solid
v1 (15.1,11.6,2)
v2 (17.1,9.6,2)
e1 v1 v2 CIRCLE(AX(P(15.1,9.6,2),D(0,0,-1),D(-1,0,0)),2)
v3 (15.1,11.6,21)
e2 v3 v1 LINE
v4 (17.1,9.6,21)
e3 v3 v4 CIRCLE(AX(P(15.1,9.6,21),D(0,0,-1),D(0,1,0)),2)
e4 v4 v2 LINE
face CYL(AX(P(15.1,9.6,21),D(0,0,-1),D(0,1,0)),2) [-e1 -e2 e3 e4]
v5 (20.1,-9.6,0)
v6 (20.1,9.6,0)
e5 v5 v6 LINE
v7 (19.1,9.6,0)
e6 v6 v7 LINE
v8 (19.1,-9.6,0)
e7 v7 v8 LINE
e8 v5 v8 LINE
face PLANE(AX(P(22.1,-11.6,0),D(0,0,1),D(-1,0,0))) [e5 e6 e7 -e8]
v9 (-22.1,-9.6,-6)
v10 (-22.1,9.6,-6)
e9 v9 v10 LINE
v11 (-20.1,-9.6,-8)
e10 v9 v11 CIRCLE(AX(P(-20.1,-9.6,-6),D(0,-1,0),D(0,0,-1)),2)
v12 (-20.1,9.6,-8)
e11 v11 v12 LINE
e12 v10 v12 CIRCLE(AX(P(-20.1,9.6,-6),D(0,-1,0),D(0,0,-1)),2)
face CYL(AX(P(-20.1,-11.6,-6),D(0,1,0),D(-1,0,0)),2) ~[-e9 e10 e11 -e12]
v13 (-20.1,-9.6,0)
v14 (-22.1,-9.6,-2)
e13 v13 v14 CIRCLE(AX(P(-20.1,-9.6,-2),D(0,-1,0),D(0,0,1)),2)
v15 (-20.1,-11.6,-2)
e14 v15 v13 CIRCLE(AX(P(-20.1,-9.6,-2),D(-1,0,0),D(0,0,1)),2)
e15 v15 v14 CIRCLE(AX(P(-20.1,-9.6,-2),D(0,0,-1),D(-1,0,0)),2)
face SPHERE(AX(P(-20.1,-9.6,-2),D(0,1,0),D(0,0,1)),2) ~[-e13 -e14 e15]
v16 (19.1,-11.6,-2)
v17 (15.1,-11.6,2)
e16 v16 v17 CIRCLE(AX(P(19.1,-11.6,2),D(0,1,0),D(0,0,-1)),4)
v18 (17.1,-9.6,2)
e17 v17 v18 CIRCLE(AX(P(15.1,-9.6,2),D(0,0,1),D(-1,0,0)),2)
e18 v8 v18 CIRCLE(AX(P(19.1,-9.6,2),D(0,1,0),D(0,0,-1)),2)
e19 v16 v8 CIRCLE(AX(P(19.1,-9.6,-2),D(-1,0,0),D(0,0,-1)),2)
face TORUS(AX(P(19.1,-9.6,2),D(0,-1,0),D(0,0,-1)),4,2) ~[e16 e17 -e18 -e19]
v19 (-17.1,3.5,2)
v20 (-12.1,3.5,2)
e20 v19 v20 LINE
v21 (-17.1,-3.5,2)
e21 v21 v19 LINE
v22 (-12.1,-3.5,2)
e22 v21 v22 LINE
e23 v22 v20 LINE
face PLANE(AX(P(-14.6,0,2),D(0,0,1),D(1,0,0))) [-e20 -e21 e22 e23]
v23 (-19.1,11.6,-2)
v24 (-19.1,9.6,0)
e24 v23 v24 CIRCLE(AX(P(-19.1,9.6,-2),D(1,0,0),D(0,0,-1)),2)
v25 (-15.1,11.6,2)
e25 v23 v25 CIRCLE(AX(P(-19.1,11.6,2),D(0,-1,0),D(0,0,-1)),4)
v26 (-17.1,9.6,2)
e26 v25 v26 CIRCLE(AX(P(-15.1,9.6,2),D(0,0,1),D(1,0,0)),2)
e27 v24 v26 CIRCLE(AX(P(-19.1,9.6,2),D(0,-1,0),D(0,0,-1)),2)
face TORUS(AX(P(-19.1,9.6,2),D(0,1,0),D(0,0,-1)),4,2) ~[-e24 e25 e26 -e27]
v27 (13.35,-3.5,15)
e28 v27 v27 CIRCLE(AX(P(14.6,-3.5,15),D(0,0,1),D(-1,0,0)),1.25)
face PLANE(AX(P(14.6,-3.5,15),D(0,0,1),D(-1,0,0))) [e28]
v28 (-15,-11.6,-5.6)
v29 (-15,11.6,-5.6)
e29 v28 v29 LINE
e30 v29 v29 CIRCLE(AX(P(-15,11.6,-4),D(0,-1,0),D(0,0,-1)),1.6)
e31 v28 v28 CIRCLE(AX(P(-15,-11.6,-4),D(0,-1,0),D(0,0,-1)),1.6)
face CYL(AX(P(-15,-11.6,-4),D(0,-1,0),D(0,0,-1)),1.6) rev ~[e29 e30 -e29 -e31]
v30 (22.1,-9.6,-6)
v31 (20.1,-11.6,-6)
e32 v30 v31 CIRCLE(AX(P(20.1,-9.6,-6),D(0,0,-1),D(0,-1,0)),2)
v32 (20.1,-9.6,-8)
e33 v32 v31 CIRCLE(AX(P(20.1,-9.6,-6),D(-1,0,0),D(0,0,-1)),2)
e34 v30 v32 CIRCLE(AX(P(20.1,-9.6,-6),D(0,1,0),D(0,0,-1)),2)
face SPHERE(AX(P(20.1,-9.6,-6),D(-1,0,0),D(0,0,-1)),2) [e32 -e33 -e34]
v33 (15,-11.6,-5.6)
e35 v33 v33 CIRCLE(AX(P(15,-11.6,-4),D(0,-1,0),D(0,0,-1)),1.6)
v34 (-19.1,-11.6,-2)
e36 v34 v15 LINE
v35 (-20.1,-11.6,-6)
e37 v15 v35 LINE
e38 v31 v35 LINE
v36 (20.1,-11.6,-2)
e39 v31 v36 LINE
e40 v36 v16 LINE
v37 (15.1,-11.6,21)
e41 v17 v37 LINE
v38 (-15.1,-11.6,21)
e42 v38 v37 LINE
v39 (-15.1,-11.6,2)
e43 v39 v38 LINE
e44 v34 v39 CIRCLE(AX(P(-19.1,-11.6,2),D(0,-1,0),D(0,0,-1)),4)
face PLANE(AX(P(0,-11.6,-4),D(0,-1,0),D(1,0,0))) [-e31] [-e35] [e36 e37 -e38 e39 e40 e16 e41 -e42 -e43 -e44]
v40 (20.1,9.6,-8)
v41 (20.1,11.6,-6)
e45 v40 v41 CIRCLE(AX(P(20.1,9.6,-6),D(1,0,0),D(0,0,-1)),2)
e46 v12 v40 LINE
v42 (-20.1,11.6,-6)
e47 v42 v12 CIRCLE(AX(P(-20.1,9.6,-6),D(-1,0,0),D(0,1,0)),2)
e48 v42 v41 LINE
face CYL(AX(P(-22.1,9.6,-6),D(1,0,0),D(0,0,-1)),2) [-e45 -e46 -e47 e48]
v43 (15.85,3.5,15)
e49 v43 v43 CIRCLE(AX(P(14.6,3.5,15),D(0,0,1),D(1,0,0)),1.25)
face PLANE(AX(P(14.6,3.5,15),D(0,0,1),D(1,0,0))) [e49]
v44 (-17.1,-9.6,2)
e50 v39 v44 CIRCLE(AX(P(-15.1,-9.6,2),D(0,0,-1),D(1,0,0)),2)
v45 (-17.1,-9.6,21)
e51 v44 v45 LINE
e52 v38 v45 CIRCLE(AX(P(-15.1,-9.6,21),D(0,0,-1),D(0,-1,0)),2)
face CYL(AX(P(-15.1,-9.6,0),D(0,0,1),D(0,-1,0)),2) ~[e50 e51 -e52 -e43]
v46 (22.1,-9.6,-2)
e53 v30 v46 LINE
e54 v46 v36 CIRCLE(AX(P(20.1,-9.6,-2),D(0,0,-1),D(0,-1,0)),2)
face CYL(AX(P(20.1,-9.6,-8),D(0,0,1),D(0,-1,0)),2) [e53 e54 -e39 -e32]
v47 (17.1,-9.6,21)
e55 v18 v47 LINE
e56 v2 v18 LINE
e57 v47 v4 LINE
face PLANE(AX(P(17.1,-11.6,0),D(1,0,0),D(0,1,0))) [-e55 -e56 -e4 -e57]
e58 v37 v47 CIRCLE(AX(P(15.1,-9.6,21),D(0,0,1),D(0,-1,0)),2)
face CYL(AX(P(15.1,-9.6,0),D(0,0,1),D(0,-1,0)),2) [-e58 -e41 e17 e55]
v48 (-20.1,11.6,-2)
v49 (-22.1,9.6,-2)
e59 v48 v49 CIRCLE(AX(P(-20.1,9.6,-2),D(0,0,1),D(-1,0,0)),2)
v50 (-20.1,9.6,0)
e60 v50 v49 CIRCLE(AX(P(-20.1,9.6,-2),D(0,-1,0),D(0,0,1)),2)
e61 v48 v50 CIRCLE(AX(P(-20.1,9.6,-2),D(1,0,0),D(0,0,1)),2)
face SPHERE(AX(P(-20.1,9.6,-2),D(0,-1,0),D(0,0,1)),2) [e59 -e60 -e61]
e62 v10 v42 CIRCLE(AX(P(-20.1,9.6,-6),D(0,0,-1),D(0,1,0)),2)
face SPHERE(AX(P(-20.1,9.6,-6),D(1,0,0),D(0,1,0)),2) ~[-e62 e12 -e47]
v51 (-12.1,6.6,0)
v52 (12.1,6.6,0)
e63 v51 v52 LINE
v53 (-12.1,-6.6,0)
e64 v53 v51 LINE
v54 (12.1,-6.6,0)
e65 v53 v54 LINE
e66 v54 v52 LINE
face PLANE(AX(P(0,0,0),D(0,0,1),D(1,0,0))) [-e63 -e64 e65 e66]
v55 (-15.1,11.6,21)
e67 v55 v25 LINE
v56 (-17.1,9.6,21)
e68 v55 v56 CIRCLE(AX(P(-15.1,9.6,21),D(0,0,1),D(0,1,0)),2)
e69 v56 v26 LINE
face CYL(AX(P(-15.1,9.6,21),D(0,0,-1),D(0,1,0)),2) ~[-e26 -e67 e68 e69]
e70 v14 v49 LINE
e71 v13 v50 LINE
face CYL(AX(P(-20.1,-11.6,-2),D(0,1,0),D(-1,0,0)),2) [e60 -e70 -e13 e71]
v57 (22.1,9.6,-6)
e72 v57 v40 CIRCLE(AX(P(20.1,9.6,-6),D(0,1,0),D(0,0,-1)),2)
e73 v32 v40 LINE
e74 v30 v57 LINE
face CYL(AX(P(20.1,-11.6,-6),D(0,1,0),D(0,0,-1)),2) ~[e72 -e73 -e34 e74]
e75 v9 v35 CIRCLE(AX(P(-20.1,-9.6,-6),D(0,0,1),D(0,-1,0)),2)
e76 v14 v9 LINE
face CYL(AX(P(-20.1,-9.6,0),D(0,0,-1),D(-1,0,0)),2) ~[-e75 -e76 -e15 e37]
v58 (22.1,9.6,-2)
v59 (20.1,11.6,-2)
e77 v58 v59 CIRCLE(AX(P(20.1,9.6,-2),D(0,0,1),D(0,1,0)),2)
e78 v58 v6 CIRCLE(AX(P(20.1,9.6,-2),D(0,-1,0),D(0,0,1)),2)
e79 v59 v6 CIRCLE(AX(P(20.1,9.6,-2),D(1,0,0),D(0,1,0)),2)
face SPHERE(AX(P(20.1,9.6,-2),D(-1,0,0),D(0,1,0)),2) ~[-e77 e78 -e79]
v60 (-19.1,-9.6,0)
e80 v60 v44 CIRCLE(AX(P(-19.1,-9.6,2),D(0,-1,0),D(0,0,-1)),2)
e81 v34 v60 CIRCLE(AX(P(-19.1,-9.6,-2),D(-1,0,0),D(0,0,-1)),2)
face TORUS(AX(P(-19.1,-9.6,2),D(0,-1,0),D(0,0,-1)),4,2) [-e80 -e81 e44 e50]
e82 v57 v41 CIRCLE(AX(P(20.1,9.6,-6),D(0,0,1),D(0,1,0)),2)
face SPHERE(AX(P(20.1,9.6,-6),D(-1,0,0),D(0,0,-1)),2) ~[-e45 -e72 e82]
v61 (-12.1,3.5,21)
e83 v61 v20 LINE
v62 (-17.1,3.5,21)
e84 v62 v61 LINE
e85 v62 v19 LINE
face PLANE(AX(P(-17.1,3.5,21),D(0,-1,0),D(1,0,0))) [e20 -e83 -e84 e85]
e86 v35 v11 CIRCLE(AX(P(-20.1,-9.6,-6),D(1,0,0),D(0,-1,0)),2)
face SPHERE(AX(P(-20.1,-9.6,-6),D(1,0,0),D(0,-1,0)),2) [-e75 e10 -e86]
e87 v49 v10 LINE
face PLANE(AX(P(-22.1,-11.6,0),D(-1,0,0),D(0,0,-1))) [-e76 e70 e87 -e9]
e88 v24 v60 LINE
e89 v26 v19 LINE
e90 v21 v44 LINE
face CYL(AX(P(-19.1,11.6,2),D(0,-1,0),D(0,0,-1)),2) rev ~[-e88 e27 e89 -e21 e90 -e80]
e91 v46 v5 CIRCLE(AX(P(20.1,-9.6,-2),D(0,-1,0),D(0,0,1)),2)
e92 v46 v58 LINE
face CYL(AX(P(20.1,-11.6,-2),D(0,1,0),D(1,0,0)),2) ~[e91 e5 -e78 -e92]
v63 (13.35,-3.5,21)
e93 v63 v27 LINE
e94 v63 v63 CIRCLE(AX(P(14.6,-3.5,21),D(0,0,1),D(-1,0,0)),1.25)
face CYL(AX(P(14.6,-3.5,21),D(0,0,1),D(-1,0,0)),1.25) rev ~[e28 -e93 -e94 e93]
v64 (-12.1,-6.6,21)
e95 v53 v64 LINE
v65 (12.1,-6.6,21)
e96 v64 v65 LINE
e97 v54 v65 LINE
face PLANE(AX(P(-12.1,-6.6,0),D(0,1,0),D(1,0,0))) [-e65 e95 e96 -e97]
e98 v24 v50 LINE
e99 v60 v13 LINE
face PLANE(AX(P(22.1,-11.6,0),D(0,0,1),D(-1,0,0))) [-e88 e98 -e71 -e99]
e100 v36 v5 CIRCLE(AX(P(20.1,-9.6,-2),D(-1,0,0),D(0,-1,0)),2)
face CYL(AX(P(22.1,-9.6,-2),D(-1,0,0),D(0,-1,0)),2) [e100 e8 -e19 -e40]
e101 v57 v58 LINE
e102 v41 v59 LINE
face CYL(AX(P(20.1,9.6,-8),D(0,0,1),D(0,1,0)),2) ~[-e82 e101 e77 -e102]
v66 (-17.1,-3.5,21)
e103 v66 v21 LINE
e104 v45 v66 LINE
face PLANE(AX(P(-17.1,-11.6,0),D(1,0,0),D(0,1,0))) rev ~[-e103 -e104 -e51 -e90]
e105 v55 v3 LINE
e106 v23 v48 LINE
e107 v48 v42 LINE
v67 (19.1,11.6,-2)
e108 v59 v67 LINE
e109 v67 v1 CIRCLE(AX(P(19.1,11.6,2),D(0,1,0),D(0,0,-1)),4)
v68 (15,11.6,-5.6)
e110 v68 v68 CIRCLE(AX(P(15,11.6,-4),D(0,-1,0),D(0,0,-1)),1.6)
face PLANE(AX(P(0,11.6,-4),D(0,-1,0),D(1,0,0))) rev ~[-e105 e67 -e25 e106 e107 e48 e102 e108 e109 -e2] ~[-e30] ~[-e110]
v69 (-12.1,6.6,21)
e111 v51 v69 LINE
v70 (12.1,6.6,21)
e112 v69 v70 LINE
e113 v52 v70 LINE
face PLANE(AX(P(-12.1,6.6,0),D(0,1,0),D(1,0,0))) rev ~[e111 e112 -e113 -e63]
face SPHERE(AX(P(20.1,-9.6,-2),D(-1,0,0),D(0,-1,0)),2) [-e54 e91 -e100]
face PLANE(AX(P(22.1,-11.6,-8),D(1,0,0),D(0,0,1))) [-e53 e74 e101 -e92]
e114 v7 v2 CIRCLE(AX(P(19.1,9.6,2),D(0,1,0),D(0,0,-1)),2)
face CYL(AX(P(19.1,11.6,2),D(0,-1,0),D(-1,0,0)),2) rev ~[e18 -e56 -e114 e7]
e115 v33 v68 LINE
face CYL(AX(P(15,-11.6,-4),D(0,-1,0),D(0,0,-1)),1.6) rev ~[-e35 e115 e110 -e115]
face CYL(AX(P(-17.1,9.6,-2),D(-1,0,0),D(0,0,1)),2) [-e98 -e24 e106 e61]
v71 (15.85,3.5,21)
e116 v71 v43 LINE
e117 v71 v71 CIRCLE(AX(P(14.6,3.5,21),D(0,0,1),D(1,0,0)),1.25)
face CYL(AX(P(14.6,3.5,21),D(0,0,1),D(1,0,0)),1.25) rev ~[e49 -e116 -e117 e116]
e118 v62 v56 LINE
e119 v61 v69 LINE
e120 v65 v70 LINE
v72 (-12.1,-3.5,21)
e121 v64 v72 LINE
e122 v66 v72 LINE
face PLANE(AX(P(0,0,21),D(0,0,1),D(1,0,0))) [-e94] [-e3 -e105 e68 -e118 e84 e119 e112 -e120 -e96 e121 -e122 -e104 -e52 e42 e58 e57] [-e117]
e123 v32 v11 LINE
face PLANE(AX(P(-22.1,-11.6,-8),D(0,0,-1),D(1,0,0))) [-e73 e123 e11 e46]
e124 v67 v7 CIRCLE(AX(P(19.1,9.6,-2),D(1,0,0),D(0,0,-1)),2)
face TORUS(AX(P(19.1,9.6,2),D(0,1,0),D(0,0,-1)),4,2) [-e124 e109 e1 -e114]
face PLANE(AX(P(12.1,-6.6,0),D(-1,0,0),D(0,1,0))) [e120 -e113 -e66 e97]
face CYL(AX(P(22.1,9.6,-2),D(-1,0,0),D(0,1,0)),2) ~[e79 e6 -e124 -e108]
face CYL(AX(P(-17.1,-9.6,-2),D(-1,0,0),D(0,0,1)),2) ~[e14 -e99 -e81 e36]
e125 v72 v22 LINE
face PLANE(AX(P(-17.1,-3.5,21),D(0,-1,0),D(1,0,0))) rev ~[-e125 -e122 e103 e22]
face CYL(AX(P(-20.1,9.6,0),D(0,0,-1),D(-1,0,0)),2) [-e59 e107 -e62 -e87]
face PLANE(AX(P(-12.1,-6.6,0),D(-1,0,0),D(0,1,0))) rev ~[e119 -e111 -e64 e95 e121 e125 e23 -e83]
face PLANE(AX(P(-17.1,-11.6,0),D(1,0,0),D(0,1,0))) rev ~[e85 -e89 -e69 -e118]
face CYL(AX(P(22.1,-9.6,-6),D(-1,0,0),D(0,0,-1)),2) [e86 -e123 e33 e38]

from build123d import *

# Parameters (mm, degrees)
SKETCH2_W           = 34.2
SKETCH2_H           = 23.2
SKETCH2_W_2         = 24.2
SKETCH2_H_2         = 13.2
BOSS_EXTRUDE1_DEPTH = 21
SKETCH2_2_W         = 34.2
SKETCH2_2_H         = 23.2
SKETCH2_2_W_2       = 24.2
SKETCH2_2_H_2       = 13.2
BOSS_EXTRUDE2_DEPTH = 8
BOSS_EXTRUDE3_DEPTH = 23.2
SKETCH3_R           = 1.6
CUT_EXTRUDE1_DEPTH  = 39.309920386
FILLET1_R           = 2
SKETCH5_W           = 5
SKETCH5_H           = 7
CUT_EXTRUDE2_DEPTH  = 19
SKETCH6_R           = 1.25
CUT_EXTRUDE3_DEPTH  = 6


with BuildPart() as part:
    # Sketch2 → Boss-Extrude1 (new body)
    with BuildSketch(Plane.XY):
        Rectangle(SKETCH2_W, SKETCH2_H)
        Rectangle(SKETCH2_W_2, SKETCH2_H_2, mode=Mode.SUBTRACT)
    extrude(amount=BOSS_EXTRUDE1_DEPTH)

    # Sketch2<2> → Boss-Extrude2 (add)
    # profile 1 of 2: a face of its own
    with BuildSketch(Plane.XY):
        Rectangle(SKETCH2_2_W, SKETCH2_2_H)
        Rectangle(SKETCH2_2_W_2, SKETCH2_2_H_2, mode=Mode.SUBTRACT)
    # profile 2 of 2: a face of its own
    with BuildSketch(Plane.XY):
        Rectangle(SKETCH2_2_W_2, SKETCH2_2_H_2)
    extrude(amount=-BOSS_EXTRUDE2_DEPTH)

    # Sketch4 → Boss-Extrude3 (add)
    with BuildSketch(Plane.XZ.offset(11.6)):
        Polygon((12.1, 0), (-12.1, 0), (-22.1, 0), (-22.1, -8), (-17.1, -8), (17.1, -8), (22.1, -8), (22.1, 0), align=None)
    extrude(amount=-BOSS_EXTRUDE3_DEPTH)

    # Sketch3 → Cut-Extrude1 (cut, through all)
    with BuildSketch(Plane.XZ.offset(11.6)):
        with Locations(Location((-15, -4, 0), (0, 0, 270))):
            Circle(SKETCH3_R)
        with Locations(Location((15, -4, 0), (0, 0, 270))):
            Circle(SKETCH3_R)
    extrude(amount=-CUT_EXTRUDE1_DEPTH, mode=Mode.SUBTRACT)

    # Fillet1
    fillet1_edges = [part.edges().sort_by_distance(p)[0] for p in [
        (0, -11.6, -8),
        (0, 11.6, -8),
        (-17.1, 0, 0),
        (22.1, 0, -8),
        (17.1, 0, 0),
        (-22.1, 0, 0),
        (19.6, -11.6, 0),
        (22.1, -11.6, -4),
        (-19.6, -11.6, 0),
        (-22.1, -11.6, -4),
        (19.6, 11.6, 0),
        (22.1, 11.6, -4),
        (-19.6, 11.6, 0),
        (-22.1, 11.6, -4),
        (22.1, 0, 0),
        (-22.1, 0, -8),
        (-17.1, -11.6, 10.5),
        (-17.1, 11.6, 10.5),
        (17.1, 11.6, 10.5),
        (17.1, -11.6, 10.5),
    ]]
    fillet(fillet1_edges, radius=FILLET1_R)

    # Sketch5 → Cut-Extrude2 (cut)
    with BuildSketch(Plane.XY.offset(21)):
        with Locations((-14.6, 0)):
            Rectangle(SKETCH5_W, SKETCH5_H)
    extrude(amount=-CUT_EXTRUDE2_DEPTH, mode=Mode.SUBTRACT)

    # Sketch6 → Cut-Extrude3 (cut)
    with BuildSketch(Plane.XY.offset(21)):
        with Locations((14.6, 3.5)):
            Circle(SKETCH6_R)
        with Locations(Location((14.6, -3.5, 0), (0, 0, 180))):
            Circle(SKETCH6_R)
    extrude(amount=-CUT_EXTRUDE3_DEPTH, mode=Mode.SUBTRACT)


solid = part.part
